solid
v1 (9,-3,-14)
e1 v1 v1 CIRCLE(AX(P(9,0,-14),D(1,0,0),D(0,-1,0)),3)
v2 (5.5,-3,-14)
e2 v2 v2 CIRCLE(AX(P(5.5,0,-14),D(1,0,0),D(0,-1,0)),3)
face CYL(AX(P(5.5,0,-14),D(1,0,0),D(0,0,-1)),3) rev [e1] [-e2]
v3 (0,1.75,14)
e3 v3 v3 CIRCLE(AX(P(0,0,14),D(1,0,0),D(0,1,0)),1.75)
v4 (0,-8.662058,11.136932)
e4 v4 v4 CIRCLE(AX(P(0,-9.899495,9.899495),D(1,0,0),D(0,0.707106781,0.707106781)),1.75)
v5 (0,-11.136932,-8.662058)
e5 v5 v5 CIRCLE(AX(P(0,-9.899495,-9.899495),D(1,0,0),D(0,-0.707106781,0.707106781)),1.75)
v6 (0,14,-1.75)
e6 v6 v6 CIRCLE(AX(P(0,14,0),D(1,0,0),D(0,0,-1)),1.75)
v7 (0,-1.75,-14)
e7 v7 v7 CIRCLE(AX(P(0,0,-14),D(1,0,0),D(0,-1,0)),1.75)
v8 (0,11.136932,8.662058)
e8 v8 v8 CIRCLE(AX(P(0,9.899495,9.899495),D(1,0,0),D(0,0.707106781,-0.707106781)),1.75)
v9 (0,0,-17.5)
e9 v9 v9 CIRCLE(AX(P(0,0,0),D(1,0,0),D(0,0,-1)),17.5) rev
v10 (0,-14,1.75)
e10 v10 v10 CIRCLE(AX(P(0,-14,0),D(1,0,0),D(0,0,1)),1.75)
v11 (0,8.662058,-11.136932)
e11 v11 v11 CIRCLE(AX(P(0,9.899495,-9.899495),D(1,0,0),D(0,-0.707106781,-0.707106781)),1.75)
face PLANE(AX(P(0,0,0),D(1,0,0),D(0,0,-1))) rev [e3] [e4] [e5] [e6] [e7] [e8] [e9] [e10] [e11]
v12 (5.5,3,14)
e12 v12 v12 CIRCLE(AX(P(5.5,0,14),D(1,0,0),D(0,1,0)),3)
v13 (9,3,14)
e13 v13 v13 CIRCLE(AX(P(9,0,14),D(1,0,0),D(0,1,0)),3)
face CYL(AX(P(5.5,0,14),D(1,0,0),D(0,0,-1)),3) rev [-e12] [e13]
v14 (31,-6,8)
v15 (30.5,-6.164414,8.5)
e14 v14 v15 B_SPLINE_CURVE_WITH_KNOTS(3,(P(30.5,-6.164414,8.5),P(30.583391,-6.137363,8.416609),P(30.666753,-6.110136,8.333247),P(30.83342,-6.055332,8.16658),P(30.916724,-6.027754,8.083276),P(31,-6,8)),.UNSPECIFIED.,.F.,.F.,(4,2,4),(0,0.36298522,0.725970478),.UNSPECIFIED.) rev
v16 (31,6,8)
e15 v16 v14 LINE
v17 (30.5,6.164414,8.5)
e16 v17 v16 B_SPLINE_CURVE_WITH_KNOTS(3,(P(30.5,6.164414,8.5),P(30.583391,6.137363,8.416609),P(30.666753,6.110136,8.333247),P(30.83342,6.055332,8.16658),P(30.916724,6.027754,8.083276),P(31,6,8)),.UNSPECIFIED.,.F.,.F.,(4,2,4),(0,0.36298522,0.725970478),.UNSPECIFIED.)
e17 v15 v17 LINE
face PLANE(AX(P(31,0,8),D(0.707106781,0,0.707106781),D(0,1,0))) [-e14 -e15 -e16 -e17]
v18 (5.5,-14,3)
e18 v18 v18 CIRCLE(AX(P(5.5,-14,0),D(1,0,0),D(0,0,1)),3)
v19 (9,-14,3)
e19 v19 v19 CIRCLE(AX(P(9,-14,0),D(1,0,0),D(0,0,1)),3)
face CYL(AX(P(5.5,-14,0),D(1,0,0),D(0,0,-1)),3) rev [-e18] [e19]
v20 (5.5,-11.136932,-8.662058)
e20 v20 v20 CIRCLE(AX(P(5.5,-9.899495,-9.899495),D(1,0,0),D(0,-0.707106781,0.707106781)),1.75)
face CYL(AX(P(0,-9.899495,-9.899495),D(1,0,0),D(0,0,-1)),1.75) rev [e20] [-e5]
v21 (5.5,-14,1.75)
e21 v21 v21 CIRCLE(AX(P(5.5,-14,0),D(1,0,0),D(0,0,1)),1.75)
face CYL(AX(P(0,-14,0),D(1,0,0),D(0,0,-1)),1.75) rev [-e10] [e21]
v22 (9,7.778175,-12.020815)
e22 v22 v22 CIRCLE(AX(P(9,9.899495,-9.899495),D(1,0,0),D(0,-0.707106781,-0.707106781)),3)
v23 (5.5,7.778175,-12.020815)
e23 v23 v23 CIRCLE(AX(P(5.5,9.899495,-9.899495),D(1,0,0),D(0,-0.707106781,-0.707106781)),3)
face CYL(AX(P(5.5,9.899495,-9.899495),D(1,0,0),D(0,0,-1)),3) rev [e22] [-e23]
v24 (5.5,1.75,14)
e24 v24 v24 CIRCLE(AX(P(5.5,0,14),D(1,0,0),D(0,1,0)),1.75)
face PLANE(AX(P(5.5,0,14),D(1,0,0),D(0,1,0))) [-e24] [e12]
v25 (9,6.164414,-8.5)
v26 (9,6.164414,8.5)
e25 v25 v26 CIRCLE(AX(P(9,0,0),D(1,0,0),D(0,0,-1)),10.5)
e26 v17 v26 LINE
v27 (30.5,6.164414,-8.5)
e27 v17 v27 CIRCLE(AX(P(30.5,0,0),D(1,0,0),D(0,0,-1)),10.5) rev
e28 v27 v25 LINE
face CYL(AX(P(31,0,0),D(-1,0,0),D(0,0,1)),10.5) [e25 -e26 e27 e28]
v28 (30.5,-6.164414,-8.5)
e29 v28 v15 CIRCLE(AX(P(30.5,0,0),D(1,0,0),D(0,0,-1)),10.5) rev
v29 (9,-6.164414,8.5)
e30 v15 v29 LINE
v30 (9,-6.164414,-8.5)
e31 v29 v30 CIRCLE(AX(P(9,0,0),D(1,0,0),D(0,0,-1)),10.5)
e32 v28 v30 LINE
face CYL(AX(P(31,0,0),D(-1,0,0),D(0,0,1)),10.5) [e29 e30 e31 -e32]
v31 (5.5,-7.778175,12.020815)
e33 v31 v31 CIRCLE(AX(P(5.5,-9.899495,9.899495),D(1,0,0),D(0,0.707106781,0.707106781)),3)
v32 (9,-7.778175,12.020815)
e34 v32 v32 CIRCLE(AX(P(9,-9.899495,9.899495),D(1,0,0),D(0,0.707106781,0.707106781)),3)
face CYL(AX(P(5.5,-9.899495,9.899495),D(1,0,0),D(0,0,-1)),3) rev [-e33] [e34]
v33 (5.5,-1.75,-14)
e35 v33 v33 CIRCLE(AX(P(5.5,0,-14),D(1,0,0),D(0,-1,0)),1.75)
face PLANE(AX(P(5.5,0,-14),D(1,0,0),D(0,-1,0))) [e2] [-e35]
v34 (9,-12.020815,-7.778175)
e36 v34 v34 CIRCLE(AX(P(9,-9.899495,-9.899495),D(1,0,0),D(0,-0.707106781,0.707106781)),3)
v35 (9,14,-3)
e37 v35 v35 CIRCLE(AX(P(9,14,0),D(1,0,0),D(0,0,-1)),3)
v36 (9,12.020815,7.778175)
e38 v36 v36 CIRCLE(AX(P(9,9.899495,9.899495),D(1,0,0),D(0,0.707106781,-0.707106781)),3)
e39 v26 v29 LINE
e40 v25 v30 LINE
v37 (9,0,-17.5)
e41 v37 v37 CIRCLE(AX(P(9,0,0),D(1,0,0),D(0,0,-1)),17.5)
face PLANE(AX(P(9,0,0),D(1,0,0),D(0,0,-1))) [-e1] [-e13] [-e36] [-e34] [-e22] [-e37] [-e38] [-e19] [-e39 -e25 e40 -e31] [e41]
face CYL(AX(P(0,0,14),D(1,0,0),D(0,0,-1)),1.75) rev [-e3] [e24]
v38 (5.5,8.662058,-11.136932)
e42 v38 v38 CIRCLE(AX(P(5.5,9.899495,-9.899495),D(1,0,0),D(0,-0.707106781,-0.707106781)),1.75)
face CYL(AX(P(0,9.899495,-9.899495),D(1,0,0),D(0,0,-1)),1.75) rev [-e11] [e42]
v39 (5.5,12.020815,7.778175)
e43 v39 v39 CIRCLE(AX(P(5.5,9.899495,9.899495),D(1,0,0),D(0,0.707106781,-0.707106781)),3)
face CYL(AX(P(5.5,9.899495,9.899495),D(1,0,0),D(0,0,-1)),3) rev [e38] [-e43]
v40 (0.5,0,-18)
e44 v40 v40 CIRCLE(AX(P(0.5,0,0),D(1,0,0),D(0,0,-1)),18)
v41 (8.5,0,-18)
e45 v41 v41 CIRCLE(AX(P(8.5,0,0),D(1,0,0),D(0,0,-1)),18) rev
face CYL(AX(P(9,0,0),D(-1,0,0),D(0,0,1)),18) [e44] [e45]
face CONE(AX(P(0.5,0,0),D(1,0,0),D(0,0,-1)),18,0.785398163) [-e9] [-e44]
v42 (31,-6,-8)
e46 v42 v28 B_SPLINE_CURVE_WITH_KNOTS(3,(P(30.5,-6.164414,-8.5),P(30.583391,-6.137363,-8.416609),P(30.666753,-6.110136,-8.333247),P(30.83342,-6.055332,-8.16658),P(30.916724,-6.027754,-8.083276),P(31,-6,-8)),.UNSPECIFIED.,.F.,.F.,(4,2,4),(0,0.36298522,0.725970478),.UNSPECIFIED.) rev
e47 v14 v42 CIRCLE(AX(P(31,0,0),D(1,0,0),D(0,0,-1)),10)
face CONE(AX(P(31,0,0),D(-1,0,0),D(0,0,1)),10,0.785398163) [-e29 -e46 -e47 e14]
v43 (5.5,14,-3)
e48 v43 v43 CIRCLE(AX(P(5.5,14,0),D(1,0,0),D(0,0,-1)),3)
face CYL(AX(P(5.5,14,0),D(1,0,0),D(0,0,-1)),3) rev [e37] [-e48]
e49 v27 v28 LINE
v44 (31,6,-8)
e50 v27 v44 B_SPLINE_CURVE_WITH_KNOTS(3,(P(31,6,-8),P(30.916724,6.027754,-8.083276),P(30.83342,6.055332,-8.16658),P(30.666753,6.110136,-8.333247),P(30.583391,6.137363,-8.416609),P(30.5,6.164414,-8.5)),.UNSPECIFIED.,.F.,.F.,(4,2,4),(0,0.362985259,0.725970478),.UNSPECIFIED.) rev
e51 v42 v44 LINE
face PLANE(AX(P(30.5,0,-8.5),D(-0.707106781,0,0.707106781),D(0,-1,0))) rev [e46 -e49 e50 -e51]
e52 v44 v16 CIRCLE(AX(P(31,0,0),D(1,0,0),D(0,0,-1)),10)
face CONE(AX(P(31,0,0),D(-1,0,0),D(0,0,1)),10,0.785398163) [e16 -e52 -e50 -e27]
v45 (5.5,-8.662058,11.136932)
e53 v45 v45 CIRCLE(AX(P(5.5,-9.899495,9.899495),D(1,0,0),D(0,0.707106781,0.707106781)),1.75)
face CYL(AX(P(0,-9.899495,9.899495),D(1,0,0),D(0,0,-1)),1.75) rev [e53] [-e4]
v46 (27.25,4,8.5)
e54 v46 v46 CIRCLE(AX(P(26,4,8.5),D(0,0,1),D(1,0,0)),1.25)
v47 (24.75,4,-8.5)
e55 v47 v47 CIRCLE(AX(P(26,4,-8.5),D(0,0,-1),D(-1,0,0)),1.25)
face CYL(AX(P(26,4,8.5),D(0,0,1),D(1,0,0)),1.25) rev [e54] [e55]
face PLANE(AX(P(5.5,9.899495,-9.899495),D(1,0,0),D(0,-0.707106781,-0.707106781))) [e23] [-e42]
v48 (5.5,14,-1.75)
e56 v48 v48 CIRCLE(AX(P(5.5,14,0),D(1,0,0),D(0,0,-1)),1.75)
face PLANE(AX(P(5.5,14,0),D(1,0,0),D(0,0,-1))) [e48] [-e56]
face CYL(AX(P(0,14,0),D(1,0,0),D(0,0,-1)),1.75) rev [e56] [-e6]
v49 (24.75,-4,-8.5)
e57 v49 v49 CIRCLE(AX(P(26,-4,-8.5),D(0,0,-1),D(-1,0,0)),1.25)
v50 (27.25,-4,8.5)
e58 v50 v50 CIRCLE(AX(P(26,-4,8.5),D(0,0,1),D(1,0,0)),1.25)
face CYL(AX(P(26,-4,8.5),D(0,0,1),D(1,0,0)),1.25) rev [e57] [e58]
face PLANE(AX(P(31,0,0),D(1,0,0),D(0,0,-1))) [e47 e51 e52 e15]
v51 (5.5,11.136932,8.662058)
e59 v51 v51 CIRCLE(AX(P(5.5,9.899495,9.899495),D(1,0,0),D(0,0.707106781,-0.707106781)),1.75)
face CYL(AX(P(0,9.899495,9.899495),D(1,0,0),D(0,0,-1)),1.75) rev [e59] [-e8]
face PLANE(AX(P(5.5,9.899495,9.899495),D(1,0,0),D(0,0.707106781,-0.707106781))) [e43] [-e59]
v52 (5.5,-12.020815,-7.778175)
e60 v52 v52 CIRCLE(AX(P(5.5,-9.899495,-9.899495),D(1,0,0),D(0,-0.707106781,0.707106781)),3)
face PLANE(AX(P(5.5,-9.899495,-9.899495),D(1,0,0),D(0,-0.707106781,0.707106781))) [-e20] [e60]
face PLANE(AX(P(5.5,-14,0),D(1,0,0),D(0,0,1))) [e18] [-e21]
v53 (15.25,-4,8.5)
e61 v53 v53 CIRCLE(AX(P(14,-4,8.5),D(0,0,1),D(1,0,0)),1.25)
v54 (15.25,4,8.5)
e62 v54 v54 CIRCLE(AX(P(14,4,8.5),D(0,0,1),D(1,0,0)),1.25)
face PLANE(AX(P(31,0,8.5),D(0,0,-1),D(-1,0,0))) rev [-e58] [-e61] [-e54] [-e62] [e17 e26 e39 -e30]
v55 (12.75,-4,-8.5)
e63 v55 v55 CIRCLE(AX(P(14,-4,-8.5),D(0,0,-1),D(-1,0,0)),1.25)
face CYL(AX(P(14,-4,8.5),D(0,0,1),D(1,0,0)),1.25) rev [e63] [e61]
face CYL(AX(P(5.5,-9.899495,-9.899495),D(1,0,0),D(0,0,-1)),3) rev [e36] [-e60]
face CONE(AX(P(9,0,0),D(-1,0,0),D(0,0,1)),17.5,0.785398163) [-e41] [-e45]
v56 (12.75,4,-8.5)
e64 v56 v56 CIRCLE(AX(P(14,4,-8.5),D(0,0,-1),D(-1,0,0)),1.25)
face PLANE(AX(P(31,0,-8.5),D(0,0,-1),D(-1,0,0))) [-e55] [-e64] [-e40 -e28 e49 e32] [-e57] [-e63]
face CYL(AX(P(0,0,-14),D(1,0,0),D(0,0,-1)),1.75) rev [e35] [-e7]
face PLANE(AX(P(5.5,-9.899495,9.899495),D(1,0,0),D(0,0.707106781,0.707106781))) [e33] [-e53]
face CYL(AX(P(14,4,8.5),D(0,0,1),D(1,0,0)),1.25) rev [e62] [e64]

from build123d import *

# Parameters (mm, degrees)
SKETCH1_R           = 18
BOSS_EXTRUDE1_DEPTH = 9
SKETCH2_R           = 10.5
BOSS_EXTRUDE2_DEPTH = 22
SKETCH3_R           = 1.75
CUT_EXTRUDE2_DEPTH  = 34.645207683
SKETCH3_3_R         = 3
SKETCH3_3_R_2       = 1.75
CUT_EXTRUDE3_DEPTH  = 3.5
CIRPATTERN1_COUNT   = 8
CHAMFER1_SIZE       = 0.5
CUT_EXTRUDE4_DEPTH  = 34.645207683
M3_TAPPED_HOLE1_D   = 2.5
CHAMFER2_SIZE       = 0.5


with BuildPart() as part:
    # Sketch1 → Boss-Extrude1 (new body)
    with BuildSketch(Plane(origin=(0, 0, 0), x_dir=(0, 0, -1), z_dir=(1, 0, 0))):
        Circle(SKETCH1_R)
    extrude(amount=BOSS_EXTRUDE1_DEPTH)

    # Sketch2 → Boss-Extrude2 (add)
    with BuildSketch(Plane(origin=(9, 0, 0), x_dir=(0, 0, -1), z_dir=(1, 0, 0))):
        Circle(SKETCH2_R)
    extrude(amount=BOSS_EXTRUDE2_DEPTH)

    # Sketch3 → Cut-Extrude2 (cut, through all)
    with BuildSketch(Plane(origin=(9, 0, 0), x_dir=(0, 0, -1), z_dir=(1, 0, 0))):
        with Locations((0, 14)):
            Circle(SKETCH3_R)
    cut_extrude2 = extrude(amount=-CUT_EXTRUDE2_DEPTH, mode=Mode.SUBTRACT)

    # Sketch3<3> → Cut-Extrude3 (cut)
    with BuildSketch(Plane(origin=(9, 0, 0), x_dir=(0, 0, -1), z_dir=(1, 0, 0))):
        with Locations((0, 14)):
            Circle(SKETCH3_3_R)
        with Locations((0, 14)):
            Circle(SKETCH3_3_R_2, mode=Mode.SUBTRACT)
    cut_extrude3 = extrude(amount=-CUT_EXTRUDE3_DEPTH, mode=Mode.SUBTRACT)

    # CirPattern1: Cut-Extrude2, Cut-Extrude3 ×8 about axis
    cirpattern1_axis = Axis((31, 0, 0), (-1, 0, 0))
    add([cut_extrude2.rotate(cirpattern1_axis, i * 360 / CIRPATTERN1_COUNT) for i in range(1, CIRPATTERN1_COUNT)], mode=Mode.SUBTRACT)
    add([cut_extrude3.rotate(cirpattern1_axis, i * 360 / CIRPATTERN1_COUNT) for i in range(1, CIRPATTERN1_COUNT)], mode=Mode.SUBTRACT)

    # Chamfer1
    chamfer1_edges = [part.edges().sort_by_distance(p)[0] for p in [
        (9, 0, 18),
        (0, 0, 18),
    ]]
    chamfer(chamfer1_edges, length=CHAMFER1_SIZE)

    # Sketch4 → Cut-Extrude4 (cut, through all)
    with BuildSketch(Plane(origin=(9, 0, 0), x_dir=(0, 0, -1), z_dir=(1, 0, 0))):
        with BuildLine():
            Line((-8.5, -6.164414003), (-8.5, 6.164414003))
            ThreePointArc((-8.5, 6.164414003), (-10.5, 0), (-8.5, -6.164414003))
        make_face()
        with BuildLine():
            ThreePointArc((8.5, -6.164414003), (10.5, 0), (8.5, 6.164414003))
            Line((8.5, 6.164414003), (8.5, -6.164414003))
        make_face()
    extrude(amount=CUT_EXTRUDE4_DEPTH, mode=Mode.SUBTRACT)

    # M3 Tapped Hole1 (through all)
    with Locations(Plane(origin=(14, 4, 8.5), x_dir=(1, 0, 0), z_dir=(0, 0, 1))):
        with Locations((0, 0), (12, 0), (0, -8), (12, -8)):
            Hole(M3_TAPPED_HOLE1_D / 2)

    # Chamfer2
    chamfer2_edges = [part.edges().sort_by_distance(p)[0] for p in [
        (31, 0, -8.5),
        (31, -10.5, 0),
        (31, 0, 8.5),
        (31, 10.5, 0),
    ]]
    chamfer(chamfer2_edges, length=CHAMFER2_SIZE)


solid = part.part
